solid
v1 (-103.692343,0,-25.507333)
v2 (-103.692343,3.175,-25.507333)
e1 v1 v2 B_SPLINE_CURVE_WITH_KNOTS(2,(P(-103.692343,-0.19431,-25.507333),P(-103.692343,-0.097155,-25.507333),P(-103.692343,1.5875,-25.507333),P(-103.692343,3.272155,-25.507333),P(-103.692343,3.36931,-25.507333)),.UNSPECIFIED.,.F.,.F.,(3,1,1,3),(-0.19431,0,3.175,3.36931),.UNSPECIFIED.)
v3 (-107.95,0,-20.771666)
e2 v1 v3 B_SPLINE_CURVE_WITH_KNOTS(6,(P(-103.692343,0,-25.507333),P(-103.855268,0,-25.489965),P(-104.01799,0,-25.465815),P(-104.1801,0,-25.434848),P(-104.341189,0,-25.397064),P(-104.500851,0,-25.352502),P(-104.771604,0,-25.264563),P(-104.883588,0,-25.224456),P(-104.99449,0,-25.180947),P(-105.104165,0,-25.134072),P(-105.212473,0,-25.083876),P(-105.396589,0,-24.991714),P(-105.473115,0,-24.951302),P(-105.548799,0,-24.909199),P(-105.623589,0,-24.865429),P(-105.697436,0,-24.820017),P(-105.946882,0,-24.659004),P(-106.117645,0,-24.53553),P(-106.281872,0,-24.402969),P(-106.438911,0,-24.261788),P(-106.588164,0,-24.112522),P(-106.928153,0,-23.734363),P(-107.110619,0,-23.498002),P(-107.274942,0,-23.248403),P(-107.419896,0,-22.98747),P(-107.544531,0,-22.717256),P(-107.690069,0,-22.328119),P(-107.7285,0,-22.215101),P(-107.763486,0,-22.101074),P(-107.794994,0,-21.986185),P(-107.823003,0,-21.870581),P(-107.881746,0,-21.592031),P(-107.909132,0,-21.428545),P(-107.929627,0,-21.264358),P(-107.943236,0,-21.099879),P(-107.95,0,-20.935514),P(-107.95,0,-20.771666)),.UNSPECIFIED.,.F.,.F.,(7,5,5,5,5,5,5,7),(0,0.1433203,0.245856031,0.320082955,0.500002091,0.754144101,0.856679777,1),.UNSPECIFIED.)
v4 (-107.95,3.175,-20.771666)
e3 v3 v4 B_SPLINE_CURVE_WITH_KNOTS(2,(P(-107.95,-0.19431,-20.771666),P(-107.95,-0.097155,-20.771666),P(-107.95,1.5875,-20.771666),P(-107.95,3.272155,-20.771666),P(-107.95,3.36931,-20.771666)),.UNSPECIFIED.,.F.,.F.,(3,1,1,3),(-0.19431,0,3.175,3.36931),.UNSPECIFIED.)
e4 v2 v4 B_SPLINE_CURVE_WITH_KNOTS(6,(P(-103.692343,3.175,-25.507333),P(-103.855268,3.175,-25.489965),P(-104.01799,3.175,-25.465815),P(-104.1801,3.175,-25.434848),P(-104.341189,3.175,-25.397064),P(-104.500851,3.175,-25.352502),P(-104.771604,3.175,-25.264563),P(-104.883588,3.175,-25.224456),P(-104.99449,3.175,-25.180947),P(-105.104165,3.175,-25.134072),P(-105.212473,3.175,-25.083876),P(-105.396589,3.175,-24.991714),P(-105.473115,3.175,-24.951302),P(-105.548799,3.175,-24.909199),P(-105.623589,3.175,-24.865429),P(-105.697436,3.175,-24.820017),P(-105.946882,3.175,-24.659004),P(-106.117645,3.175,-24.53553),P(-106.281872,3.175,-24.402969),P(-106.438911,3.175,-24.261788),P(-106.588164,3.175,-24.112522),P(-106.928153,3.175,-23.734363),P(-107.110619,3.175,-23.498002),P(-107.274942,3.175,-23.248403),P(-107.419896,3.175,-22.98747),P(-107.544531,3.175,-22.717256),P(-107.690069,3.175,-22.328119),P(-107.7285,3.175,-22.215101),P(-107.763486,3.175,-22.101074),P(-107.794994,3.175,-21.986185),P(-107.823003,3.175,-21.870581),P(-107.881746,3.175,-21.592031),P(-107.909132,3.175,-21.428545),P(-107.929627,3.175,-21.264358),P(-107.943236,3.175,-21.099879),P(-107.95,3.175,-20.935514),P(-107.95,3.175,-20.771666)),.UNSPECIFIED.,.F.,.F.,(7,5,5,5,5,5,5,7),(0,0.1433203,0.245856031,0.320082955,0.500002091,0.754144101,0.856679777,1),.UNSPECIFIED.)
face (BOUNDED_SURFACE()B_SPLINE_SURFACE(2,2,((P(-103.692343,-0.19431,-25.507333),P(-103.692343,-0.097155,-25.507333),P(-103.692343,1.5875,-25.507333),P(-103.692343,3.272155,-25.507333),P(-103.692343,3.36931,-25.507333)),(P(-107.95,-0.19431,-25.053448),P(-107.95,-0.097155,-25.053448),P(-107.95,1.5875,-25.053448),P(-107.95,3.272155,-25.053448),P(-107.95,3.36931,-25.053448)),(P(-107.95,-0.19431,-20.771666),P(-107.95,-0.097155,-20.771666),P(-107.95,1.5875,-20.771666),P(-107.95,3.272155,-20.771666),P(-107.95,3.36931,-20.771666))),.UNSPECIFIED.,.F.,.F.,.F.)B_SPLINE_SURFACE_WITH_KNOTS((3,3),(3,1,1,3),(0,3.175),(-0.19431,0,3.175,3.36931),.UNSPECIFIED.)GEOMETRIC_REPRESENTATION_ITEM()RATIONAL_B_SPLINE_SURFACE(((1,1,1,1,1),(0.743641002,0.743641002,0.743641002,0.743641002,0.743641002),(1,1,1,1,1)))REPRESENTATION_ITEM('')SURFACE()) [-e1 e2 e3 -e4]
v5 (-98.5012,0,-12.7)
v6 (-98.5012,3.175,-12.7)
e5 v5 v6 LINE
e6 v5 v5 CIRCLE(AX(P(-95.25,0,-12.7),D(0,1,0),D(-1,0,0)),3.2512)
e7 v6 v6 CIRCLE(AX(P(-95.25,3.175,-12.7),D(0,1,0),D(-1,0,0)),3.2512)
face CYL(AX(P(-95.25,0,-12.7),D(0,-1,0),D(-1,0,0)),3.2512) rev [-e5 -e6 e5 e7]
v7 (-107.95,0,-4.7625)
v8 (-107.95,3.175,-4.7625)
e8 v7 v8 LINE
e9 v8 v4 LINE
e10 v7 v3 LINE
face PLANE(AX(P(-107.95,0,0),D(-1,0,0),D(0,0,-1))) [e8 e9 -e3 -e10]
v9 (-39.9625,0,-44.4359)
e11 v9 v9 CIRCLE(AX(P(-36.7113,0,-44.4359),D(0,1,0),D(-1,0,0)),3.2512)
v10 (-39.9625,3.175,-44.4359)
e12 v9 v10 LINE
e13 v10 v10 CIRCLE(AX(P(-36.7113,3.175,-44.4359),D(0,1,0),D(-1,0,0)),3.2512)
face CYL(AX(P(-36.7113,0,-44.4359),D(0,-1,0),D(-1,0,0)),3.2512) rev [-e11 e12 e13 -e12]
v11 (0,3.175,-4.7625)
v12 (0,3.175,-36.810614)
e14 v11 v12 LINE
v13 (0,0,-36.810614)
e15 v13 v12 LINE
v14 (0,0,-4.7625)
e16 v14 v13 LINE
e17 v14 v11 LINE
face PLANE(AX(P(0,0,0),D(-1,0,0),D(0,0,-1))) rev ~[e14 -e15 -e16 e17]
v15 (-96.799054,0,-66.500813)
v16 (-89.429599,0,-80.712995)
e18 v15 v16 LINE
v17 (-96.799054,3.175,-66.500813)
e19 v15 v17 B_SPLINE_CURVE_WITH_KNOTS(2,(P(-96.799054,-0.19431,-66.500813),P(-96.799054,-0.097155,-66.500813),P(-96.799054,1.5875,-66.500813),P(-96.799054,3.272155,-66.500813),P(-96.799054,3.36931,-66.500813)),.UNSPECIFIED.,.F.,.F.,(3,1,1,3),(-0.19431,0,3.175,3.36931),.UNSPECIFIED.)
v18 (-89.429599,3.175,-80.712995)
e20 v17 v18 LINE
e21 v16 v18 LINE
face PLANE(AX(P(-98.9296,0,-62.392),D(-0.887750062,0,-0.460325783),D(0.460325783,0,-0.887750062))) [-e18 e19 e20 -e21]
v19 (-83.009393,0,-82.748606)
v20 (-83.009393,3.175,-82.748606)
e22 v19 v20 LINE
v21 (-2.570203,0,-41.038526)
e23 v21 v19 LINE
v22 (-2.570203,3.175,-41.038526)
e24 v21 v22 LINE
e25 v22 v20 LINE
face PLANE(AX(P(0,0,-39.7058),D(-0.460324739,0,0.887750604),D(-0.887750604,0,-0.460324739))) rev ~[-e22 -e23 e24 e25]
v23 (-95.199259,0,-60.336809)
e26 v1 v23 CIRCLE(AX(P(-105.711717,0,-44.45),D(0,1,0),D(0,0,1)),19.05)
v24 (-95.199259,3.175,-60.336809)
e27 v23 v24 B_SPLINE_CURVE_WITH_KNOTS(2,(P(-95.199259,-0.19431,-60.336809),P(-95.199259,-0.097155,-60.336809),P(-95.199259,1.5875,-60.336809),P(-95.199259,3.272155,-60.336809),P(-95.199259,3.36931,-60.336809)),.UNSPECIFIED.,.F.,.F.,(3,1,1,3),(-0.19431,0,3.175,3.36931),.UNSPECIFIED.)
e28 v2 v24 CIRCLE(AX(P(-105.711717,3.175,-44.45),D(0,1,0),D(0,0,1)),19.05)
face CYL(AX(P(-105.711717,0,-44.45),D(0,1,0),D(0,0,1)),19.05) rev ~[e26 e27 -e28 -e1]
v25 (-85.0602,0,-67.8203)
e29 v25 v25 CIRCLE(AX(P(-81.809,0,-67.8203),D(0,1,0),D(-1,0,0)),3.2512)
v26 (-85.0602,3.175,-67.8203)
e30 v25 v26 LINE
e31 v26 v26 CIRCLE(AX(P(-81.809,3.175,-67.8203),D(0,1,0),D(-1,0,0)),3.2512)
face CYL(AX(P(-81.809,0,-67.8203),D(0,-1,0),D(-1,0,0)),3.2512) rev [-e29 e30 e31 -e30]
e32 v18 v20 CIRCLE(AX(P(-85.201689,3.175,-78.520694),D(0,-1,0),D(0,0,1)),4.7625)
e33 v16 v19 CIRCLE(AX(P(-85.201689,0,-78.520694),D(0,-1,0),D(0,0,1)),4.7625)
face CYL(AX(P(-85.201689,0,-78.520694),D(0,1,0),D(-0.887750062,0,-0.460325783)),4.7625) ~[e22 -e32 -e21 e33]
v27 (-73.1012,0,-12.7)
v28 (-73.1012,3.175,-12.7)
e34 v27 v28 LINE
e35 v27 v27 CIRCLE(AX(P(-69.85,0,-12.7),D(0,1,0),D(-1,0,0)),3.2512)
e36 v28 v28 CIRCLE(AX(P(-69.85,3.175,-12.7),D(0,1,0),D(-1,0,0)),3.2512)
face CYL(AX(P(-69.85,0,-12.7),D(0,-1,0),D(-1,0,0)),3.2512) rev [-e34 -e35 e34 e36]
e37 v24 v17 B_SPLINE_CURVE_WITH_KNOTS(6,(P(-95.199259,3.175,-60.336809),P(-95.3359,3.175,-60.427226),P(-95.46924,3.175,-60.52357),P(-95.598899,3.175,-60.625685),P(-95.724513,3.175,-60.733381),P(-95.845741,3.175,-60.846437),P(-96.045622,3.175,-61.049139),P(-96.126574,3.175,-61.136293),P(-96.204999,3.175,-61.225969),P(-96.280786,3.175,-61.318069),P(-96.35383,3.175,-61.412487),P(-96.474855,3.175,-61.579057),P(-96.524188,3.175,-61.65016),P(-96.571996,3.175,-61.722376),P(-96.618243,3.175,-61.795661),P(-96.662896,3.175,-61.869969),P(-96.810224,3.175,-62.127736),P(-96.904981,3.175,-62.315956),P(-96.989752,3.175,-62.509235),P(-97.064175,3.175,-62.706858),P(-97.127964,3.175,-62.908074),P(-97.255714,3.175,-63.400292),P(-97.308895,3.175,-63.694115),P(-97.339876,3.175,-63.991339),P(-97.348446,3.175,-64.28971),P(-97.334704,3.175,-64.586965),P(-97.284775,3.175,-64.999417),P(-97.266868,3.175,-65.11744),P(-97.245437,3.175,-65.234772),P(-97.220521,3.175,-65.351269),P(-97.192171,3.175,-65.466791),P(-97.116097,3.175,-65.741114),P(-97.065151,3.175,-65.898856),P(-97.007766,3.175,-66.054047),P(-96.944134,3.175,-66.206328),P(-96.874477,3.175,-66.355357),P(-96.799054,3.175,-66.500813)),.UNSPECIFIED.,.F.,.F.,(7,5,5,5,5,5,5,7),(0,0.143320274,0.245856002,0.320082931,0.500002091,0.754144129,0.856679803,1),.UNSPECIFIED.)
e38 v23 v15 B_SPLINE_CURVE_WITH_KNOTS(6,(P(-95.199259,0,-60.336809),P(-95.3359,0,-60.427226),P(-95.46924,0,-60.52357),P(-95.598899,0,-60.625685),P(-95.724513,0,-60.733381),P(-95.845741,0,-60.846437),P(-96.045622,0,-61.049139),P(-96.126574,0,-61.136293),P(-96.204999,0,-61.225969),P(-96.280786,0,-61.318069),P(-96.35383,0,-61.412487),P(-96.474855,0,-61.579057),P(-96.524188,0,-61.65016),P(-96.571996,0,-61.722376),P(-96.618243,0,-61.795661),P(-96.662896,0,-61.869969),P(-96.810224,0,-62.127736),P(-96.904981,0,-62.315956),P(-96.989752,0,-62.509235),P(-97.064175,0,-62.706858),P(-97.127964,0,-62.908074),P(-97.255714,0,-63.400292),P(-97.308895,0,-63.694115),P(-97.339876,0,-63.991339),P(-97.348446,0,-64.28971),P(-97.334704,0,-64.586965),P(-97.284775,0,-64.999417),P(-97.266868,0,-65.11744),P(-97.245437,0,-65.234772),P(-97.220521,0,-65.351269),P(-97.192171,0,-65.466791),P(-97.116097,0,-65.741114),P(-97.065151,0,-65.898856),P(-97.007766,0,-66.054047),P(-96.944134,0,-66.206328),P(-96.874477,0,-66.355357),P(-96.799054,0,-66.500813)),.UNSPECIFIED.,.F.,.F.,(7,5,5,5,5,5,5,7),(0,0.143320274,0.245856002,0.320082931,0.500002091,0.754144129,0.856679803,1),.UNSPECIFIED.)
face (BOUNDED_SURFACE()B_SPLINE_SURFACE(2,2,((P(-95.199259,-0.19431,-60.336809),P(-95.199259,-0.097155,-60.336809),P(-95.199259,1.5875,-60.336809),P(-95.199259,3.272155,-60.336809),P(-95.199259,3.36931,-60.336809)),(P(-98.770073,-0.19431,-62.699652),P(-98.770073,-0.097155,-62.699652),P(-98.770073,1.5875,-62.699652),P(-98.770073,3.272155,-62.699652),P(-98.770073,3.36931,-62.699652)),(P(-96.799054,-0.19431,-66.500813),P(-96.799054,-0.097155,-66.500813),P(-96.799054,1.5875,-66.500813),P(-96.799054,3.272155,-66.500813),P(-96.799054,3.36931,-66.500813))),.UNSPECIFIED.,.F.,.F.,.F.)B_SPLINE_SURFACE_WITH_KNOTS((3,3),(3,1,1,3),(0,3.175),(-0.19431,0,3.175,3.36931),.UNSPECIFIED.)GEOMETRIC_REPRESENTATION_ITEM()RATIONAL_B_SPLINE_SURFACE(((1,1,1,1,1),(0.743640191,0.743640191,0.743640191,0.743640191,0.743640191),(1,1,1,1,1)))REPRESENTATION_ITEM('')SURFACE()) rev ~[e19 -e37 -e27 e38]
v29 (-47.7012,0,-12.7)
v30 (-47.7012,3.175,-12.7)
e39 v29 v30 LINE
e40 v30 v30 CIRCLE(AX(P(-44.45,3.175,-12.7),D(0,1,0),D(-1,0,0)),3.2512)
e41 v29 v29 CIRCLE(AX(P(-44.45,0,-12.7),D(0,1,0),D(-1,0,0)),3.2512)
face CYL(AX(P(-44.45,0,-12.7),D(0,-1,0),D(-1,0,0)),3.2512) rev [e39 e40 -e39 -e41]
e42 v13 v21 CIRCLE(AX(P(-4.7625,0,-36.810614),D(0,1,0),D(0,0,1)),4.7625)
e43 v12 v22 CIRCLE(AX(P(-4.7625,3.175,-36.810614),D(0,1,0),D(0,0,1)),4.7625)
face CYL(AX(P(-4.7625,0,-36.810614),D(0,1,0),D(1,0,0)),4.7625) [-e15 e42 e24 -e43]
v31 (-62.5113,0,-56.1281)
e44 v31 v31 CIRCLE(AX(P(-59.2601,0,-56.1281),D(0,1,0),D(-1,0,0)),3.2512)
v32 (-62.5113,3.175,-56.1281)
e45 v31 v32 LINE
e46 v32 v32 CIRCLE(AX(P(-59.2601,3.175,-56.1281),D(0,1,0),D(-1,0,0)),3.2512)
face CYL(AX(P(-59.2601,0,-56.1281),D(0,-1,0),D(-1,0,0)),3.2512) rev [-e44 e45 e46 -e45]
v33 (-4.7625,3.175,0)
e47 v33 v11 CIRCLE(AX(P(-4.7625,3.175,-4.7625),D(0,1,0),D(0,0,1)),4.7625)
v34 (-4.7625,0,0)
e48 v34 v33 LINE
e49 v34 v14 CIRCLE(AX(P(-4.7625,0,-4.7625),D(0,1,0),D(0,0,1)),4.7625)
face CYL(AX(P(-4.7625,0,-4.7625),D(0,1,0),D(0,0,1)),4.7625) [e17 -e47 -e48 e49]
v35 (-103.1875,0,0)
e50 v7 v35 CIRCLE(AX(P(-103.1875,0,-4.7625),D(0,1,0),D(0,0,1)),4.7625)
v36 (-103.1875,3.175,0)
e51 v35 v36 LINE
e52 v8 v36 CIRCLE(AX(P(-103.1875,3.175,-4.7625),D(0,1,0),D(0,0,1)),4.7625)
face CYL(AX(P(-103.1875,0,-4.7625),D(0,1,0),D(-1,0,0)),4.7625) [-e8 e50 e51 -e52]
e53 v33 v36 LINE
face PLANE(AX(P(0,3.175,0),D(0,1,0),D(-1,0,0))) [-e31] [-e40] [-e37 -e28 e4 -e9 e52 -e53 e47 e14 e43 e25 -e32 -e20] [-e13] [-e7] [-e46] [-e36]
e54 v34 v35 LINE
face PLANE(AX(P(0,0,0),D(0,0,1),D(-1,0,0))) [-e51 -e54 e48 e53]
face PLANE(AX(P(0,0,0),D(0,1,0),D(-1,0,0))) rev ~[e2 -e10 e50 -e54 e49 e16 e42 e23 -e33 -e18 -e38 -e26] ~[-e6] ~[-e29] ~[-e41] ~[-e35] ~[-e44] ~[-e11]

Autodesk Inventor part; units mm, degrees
ref_plane "YZ Plane" through (0, 0, 0) normal (1, 0, 0) x (0, 1, 0)
ref_plane "XZ Plane" through (0, 0, 0) normal (0, 1, 0) x (-1, 0, 0)
ref_plane "XY Plane" through (0, 0, 0) normal (0, 0, 1) x (1, 0, 0)
sketch "Sketch1" plane through (0, 0, 0) normal (0, 1, 0) x (-1, 0, 0)
  line L0 (0, 0) -> (0, -39.7058)
  line L1 (0, 0) -> (107.95, 0)
  line L2 (107.95, 0) -> (107.95, -25.4)
  line L3 (107.95, -25.4) -> (27.5892, -25.4)
  line L4 (0, -39.7058) -> (87.2373, -84.9409)
  line L5 (0, -3.175) -> (38.1, -3.175) construction
  line L6 (38.1, -3.175) -> (38.1, -22.225) construction
  line L7 (38.1, -22.225) -> (0, -22.225) construction
  line L8 (0, -22.225) -> (0, -3.175) construction
  circle A0 centre (44.45, -12.7) radius 3.2512
  circle A1 centre (69.85, -12.7) radius 3.2512
  circle A2 centre (95.25, -12.7) radius 3.2512
  line L9 (27.5892, -25.4) -> (0, -18.6724) construction
  circle A3 centre (36.7113, -44.4359) radius 3.2512
  circle A4 centre (59.2601, -56.1281) radius 3.2512
  circle A5 centre (81.809, -67.8203) radius 3.2512
  line L10 (27.5892, -25.4) -> (98.9296, -62.392)
  line L11 (81.809, -67.8203) -> (93.0834, -73.6665) construction
  line L12 (98.9296, -62.392) -> (87.2373, -84.9409)
  point P0 (38.1, -12.7)
  dimension "d0" = 39.7058
  dimension "d1" = 25.4
  dimension "d2" = 27.5892
  dimension "d4" = 107.95
  dimension "d5" = 19.05
  dimension "d6" = 3.175
  dimension "d7" = 38.1
  dimension "d8" = 6.5024
  dimension "d9" = 6.35
  dimension "d10" = 25.4
  dimension "d11" = 25.4
  dimension "d14" = 62.592
  dimension "d15" = 12.7
  dimension "d16" = 27.408
  dimension "d17" = 166.296
extrude "Extrusion1" add sketch "Sketch1" along normal blind 3.175
fillet "Fillet1" radius 19.05 1 edges at (-27.5892, 1.5875, -25.4)
fillet "Fillet2" radius 4.7625 6 edges at (-107.95, 1.5875, 0) (-107.95, 1.5875, -25.4) (-98.9296, 1.5875, -62.392) (-87.2373, 1.5875, -84.9409) (0, 1.5875, 0) (0, 1.5875, -39.7058)
properties part number "STRU_018_AngleBracket_62" material "Aluminum 6061"
